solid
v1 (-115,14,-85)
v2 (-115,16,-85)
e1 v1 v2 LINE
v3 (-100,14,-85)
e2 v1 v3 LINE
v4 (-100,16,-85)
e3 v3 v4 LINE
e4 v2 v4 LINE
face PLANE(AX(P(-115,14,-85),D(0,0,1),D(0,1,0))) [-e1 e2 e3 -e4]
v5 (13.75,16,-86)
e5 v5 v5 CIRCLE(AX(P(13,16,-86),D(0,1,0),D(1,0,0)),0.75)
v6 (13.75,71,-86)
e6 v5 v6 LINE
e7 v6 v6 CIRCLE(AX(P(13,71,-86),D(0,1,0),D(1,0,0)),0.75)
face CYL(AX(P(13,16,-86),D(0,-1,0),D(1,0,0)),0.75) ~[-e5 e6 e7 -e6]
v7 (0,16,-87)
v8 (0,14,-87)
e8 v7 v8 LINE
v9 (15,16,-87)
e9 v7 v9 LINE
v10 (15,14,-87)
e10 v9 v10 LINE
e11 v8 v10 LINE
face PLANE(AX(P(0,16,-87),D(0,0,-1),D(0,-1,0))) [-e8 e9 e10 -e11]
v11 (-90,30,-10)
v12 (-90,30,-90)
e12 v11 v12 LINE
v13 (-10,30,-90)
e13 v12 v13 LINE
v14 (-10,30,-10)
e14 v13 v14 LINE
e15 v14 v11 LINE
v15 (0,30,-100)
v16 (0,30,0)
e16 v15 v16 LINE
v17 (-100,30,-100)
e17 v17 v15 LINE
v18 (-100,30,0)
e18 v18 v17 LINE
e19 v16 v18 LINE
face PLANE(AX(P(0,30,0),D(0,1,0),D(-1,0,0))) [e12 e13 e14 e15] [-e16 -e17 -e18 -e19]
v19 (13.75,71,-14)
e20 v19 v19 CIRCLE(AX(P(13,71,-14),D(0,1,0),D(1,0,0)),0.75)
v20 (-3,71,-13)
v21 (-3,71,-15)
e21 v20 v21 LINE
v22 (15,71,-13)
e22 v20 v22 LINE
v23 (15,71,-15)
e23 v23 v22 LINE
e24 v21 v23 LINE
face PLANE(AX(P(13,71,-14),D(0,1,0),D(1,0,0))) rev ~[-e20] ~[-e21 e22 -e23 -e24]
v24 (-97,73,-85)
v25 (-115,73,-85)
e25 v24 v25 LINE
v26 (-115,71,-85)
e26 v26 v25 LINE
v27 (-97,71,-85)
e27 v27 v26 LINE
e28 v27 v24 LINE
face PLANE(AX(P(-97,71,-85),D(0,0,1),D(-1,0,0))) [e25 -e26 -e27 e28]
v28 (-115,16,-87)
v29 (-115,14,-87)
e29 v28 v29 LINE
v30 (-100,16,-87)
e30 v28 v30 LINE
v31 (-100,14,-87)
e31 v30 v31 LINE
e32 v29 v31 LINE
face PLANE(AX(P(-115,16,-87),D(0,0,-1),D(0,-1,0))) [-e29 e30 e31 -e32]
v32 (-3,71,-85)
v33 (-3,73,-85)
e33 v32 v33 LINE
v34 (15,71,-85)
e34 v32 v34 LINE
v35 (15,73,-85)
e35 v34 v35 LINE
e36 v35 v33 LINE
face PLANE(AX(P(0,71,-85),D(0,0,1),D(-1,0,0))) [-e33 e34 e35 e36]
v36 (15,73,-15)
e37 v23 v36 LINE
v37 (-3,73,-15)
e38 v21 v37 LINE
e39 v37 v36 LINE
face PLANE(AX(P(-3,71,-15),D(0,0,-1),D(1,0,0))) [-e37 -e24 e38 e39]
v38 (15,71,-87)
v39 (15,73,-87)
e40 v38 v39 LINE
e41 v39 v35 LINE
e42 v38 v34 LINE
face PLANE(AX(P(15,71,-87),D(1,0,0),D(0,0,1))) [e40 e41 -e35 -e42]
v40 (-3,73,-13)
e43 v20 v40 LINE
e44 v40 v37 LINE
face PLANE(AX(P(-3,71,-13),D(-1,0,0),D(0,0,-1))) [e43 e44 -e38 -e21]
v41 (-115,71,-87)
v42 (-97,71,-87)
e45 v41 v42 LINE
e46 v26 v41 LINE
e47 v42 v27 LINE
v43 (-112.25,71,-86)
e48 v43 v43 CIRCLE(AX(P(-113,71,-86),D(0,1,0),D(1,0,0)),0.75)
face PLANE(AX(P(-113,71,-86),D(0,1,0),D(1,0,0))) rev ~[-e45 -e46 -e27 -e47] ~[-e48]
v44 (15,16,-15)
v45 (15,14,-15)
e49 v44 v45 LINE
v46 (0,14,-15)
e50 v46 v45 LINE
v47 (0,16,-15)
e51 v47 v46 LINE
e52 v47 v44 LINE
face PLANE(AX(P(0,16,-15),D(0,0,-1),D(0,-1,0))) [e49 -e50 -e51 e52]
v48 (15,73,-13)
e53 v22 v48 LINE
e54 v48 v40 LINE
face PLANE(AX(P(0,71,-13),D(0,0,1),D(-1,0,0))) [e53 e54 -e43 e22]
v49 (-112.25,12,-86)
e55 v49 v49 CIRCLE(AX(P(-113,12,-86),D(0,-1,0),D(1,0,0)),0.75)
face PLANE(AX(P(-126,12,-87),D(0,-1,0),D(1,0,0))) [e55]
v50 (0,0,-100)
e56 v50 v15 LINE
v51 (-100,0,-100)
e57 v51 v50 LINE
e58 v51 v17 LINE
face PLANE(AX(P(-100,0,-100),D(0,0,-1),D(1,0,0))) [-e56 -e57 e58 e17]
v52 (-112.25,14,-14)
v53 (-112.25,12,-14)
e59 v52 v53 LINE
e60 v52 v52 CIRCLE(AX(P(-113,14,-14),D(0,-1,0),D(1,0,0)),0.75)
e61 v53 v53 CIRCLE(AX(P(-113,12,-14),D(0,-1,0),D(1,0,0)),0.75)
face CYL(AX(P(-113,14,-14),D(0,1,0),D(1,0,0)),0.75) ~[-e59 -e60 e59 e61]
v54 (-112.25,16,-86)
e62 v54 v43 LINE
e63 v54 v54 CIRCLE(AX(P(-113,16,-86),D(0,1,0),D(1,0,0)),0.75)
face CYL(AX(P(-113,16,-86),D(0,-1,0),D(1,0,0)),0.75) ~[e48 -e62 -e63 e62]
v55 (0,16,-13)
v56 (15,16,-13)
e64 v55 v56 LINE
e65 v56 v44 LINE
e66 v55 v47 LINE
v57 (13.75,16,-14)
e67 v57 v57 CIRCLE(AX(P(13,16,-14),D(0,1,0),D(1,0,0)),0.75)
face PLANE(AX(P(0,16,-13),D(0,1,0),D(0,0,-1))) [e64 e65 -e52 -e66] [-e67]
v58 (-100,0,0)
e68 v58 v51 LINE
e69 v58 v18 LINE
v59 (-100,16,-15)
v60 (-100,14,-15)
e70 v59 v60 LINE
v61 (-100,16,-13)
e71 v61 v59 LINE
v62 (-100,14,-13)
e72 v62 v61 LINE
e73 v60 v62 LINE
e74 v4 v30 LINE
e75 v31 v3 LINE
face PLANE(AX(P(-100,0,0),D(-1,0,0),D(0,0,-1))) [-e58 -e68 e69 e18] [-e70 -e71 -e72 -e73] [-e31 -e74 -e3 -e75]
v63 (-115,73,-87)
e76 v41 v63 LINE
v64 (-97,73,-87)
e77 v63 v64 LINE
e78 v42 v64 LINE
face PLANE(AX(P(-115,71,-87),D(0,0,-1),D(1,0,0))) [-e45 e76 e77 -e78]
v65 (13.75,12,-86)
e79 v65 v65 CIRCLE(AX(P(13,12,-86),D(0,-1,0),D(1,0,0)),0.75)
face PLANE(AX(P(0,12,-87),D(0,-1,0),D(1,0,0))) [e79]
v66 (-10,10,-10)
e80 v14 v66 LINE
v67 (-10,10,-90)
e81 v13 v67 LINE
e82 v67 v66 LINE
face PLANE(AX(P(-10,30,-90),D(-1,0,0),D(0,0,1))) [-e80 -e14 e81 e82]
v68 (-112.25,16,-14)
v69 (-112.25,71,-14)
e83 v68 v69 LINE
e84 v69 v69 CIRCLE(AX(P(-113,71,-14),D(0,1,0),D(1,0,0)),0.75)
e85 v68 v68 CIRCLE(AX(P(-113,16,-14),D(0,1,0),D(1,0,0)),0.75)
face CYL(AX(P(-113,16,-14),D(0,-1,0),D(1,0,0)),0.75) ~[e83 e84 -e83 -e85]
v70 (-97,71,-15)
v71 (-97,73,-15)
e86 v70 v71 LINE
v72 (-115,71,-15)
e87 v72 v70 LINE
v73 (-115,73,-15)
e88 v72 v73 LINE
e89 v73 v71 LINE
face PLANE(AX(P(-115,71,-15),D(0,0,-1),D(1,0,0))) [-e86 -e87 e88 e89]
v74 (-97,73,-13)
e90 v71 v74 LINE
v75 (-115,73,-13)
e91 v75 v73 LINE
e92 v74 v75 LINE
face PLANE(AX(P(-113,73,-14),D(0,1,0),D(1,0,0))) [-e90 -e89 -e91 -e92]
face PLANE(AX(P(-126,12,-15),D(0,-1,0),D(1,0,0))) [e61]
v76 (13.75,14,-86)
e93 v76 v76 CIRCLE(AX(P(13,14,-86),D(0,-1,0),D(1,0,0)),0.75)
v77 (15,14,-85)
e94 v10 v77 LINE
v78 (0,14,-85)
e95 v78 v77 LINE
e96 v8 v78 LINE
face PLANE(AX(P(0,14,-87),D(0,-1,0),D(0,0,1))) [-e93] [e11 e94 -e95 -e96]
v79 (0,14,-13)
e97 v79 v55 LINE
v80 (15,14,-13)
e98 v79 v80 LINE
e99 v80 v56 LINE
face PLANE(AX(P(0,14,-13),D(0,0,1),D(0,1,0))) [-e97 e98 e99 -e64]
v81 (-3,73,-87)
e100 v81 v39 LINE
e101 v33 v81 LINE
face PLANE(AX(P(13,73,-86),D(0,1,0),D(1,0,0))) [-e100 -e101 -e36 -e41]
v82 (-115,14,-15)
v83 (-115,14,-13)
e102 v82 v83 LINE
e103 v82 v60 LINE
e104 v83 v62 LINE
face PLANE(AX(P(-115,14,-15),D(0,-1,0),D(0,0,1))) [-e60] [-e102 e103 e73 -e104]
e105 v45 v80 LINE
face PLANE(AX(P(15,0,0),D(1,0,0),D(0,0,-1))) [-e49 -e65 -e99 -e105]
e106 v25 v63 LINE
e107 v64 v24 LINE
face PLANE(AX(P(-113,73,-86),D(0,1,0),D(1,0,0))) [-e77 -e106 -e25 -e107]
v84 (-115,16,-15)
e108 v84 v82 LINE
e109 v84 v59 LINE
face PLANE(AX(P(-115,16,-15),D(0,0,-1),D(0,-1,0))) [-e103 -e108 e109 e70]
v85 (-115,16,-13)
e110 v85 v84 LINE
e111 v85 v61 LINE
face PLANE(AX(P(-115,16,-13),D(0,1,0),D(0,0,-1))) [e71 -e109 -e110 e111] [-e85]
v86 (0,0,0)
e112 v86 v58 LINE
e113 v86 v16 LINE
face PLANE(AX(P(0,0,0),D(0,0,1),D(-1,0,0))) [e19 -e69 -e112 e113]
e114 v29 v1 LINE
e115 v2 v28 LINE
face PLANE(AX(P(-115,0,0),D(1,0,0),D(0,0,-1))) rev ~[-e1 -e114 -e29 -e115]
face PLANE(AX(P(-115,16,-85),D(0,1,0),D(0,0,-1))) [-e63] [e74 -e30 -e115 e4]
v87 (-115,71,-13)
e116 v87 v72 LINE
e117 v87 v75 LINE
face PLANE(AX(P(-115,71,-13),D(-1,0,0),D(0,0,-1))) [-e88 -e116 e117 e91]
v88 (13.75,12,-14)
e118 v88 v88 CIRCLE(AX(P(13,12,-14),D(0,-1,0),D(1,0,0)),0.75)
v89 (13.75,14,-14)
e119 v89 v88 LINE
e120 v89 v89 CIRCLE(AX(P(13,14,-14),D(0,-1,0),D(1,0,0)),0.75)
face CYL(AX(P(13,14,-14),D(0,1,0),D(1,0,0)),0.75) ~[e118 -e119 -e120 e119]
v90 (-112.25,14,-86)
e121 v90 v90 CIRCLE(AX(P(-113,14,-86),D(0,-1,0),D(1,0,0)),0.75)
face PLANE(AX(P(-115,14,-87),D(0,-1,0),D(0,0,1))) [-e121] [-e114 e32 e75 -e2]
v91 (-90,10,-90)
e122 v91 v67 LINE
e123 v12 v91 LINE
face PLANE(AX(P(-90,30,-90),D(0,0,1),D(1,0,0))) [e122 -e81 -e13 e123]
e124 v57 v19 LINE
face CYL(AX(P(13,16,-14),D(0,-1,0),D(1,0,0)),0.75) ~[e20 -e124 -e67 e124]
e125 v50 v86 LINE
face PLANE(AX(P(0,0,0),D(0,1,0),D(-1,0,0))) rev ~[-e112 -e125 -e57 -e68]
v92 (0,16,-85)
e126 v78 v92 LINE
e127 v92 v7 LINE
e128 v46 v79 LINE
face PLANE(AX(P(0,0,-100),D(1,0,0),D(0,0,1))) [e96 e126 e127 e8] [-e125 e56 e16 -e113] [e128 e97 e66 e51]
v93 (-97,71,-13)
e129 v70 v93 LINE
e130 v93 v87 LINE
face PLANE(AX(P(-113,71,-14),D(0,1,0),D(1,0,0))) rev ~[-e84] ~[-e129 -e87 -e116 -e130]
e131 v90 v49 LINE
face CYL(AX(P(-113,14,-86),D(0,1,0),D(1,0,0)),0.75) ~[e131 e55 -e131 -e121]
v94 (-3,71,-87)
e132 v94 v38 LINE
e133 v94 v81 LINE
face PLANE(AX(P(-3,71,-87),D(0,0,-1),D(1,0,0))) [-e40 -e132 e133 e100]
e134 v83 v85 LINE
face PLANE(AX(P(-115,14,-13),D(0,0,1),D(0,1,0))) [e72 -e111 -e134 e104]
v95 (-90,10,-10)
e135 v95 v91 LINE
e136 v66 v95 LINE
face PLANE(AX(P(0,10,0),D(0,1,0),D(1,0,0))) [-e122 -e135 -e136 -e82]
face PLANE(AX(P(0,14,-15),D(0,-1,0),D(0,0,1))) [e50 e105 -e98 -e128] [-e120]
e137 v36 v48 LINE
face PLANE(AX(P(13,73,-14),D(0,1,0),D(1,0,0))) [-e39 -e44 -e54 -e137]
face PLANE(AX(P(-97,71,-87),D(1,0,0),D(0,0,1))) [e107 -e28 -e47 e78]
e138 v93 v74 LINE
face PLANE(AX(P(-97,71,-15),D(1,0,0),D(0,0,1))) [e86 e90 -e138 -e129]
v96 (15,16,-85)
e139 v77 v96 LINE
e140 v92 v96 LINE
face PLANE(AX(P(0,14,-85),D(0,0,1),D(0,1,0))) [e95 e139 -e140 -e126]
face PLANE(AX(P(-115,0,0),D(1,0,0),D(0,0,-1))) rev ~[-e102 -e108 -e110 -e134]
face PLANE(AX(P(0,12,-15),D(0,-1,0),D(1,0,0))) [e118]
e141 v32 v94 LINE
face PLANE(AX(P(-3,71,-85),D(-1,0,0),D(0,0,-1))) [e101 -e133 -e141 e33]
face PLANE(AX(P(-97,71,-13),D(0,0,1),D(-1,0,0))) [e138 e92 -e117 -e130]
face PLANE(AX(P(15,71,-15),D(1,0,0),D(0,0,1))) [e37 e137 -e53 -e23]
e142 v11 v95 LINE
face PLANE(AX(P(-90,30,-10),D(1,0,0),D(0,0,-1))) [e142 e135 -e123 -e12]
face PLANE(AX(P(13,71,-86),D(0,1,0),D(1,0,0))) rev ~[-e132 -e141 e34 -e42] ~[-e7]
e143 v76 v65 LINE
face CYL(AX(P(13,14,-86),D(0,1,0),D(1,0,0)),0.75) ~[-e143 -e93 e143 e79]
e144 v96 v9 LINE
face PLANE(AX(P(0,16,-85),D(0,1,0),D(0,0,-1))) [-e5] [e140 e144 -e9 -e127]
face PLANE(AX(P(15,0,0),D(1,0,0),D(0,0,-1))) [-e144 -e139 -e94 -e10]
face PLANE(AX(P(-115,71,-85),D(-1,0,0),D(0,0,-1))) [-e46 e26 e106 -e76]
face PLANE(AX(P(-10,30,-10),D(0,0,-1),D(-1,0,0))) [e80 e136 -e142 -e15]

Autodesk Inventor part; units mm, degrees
ref_plane "YZ Plane" through (0, 0, 0) normal (1, 0, 0) x (0, 1, 0)
ref_plane "XZ Plane" through (0, 0, 0) normal (0, 1, 0) x (-1, 0, 0)
ref_plane "XY Plane" through (0, 0, 0) normal (0, 0, 1) x (1, 0, 0)
sketch "Sketch1" plane through (0, 0, 0) normal (0, 1, 0) x (-1, 0, 0)
  line L0 (0, 0) -> (100, 0)
  line L1 (100, 0) -> (100, -100)
  line L2 (100, -100) -> (0, -100)
  line L3 (0, -100) -> (0, 0)
  dimension "d0" = 100
  dimension "d1" = 100
extrude "Extrusion1" add sketch "Sketch1" along normal blind 30
sketch "Sketch2" plane through (0, 30, 0) normal (0, 1, 0) x (1, 0, 0)
  line L0 (0, 0) -> (0, 100) projected
  line L1 (-100, 0) -> (0, 0) projected
  line L2 (0, 10) -> (0, 0)
  line L3 (-10, 10) -> (-90, 10)
  line L4 (-90, 10) -> (-90, 90)
  line L5 (-90, 90) -> (-10, 90)
  line L6 (-10, 90) -> (-10, 10)
  dimension "d6" = 80
  dimension "d7" = 80
extrude "Extrusion2" cut sketch "Sketch2" against normal blind 20
sketch "Sketch5" plane through (0, 0, 0) normal (1, 0, 0) x (0, 0, -1)
  point P0 (0, 0)
sketch "Sketch6" plane through (0, 0, 0) normal (1, 0, 0) x (0, 0, -1)
  line L0 (13, 16) -> (15, 16)
  line L1 (15, 16) -> (15, 14)
  line L2 (15, 14) -> (13, 14)
  line L3 (13, 14) -> (13, 16)
  line L4 (13, 16) -> (15, 14) construction
  line L5 (15, 16) -> (13, 14) construction
  line L6 (85, 16) -> (87, 16)
  line L7 (87, 16) -> (87, 14)
  line L8 (87, 14) -> (85, 14)
  line L9 (85, 14) -> (85, 16)
  line L10 (85, 16) -> (87, 14) construction
  line L11 (87, 16) -> (85, 14) construction
  point P0 (0, 0)
  point P1 (14, 15)
  point P2 (86, 15)
  dimension "d22" = 2
  dimension "d23" = 2
  dimension "d24" = 2
  dimension "d25" = 2
extrude "Extrusion5" add sketch "Sketch6" along normal blind 15
pattern_linear "Rectangular Pattern1" count 2 spacing 115 along (-1, 0, 0) of "Extrusion5"
sketch "Sketch7" plane through (0, 16, -85) normal (0, 1, 0) x (1, 0, 0)
  circle A0 centre (13, 1) radius 0.75
  point P0 (0, -85)
  dimension "d31" = 1.5
extrude "Extrusion6" add sketch "Sketch7" along normal blind 55
sketch "Sketch8" plane through (0, 14, -87) normal (0, -1, 0) x (1, 0, 0)
  circle A0 centre (13, 1) radius 0.75 projected
  circle A1 centre (13, 1) radius 0.75
  point P0 (0, 87)
  dimension "d34" = 1.5
extrude "Extrusion7" add sketch "Sketch8" along normal blind 2
thread "Thread1" size "M1.6x0.35" class "6g" standard "ANSI Metric M Profile" full length
pattern_linear "Rectangular Pattern2" count 2 spacing 72 along (0, 0, 1) of "Extrusion6"
pattern_linear "Rectangular Pattern3" count 2 spacing 126 along (-1, 0, 0) of "Extrusion6", "Rectangular Pattern2"
thread "Thread2" size "M1.6x0.35" class "6g" standard "ANSI Metric M Profile" full length
thread "Thread3" size "M1.6x0.35" class "6g" standard "ANSI Metric M Profile" full length
thread "Thread4" size "M1.6x0.35" class "6g" standard "ANSI Metric M Profile" full length
pattern_linear "Rectangular Pattern4" count 2 spacing 72 along (0, 0, 1) count 2 spacing 126 along (-1, 0, 0) of "Extrusion7"
thread "Thread5" size "M1.6x0.35" class "6g" standard "ANSI Metric M Profile" full length
thread "Thread6" size "M1.6x0.35" class "6g" standard "ANSI Metric M Profile" full length
thread "Thread7" size "M1.6x0.35" class "6g" standard "ANSI Metric M Profile" full length
sketch "Sketch9" plane through (-100, 0, -100) normal (-1, 0, 0) x (0, 0, 1)
  point P0 (100, 0)
sketch "Sketch10" plane through (-113, 71, -14) normal (0, 1, 0) x (1, 0, 0)
  point P0 (113, -14)
sketch "Sketch11" plane through (-113, 71, -86) normal (0, 1, 0) x (1, 0, 0)
  line L0 (-2, -1) -> (-2, 1) projected
  line L1 (-2, 1) -> (16, 1)
  line L2 (16, 1) -> (16, -1)
  line L3 (16, -1) -> (-2, -1)
  line L4 (-2, -1) -> (-2, 1)
  point P0 (113, -86)
  dimension "d63" = 18
extrude "Extrusion8" add sketch "Sketch11" along normal blind 2
sketch "Sketch12" plane through (-113, 73, -86) normal (0, 1, 0) x (1, 0, 0)
  point P0 (113, -86)
sketch "Sketch13" plane through (13, 71, -86) normal (0, 1, 0) x (1, 0, 0)
  line L0 (-13, -1) -> (2, -1) projected
  line L1 (2, -1) -> (-16, -1)
  line L2 (-16, -1) -> (-16, 1)
  line L3 (-16, 1) -> (2, 1)
  line L4 (2, 1) -> (2, -1)
  point P0 (-13, -86)
  dimension "d66" = 18
  dimension "d67" = 2
extrude "Extrusion9" add sketch "Sketch13" along normal blind 2
pattern_linear "Rectangular Pattern5" count 2 spacing 72 along (0, 0, 1) of "Extrusion9"
pattern_linear "Rectangular Pattern6" count 2 spacing 72 along (0, 0, 1) of "Extrusion8"
properties part number "container 1" material "Silver"
